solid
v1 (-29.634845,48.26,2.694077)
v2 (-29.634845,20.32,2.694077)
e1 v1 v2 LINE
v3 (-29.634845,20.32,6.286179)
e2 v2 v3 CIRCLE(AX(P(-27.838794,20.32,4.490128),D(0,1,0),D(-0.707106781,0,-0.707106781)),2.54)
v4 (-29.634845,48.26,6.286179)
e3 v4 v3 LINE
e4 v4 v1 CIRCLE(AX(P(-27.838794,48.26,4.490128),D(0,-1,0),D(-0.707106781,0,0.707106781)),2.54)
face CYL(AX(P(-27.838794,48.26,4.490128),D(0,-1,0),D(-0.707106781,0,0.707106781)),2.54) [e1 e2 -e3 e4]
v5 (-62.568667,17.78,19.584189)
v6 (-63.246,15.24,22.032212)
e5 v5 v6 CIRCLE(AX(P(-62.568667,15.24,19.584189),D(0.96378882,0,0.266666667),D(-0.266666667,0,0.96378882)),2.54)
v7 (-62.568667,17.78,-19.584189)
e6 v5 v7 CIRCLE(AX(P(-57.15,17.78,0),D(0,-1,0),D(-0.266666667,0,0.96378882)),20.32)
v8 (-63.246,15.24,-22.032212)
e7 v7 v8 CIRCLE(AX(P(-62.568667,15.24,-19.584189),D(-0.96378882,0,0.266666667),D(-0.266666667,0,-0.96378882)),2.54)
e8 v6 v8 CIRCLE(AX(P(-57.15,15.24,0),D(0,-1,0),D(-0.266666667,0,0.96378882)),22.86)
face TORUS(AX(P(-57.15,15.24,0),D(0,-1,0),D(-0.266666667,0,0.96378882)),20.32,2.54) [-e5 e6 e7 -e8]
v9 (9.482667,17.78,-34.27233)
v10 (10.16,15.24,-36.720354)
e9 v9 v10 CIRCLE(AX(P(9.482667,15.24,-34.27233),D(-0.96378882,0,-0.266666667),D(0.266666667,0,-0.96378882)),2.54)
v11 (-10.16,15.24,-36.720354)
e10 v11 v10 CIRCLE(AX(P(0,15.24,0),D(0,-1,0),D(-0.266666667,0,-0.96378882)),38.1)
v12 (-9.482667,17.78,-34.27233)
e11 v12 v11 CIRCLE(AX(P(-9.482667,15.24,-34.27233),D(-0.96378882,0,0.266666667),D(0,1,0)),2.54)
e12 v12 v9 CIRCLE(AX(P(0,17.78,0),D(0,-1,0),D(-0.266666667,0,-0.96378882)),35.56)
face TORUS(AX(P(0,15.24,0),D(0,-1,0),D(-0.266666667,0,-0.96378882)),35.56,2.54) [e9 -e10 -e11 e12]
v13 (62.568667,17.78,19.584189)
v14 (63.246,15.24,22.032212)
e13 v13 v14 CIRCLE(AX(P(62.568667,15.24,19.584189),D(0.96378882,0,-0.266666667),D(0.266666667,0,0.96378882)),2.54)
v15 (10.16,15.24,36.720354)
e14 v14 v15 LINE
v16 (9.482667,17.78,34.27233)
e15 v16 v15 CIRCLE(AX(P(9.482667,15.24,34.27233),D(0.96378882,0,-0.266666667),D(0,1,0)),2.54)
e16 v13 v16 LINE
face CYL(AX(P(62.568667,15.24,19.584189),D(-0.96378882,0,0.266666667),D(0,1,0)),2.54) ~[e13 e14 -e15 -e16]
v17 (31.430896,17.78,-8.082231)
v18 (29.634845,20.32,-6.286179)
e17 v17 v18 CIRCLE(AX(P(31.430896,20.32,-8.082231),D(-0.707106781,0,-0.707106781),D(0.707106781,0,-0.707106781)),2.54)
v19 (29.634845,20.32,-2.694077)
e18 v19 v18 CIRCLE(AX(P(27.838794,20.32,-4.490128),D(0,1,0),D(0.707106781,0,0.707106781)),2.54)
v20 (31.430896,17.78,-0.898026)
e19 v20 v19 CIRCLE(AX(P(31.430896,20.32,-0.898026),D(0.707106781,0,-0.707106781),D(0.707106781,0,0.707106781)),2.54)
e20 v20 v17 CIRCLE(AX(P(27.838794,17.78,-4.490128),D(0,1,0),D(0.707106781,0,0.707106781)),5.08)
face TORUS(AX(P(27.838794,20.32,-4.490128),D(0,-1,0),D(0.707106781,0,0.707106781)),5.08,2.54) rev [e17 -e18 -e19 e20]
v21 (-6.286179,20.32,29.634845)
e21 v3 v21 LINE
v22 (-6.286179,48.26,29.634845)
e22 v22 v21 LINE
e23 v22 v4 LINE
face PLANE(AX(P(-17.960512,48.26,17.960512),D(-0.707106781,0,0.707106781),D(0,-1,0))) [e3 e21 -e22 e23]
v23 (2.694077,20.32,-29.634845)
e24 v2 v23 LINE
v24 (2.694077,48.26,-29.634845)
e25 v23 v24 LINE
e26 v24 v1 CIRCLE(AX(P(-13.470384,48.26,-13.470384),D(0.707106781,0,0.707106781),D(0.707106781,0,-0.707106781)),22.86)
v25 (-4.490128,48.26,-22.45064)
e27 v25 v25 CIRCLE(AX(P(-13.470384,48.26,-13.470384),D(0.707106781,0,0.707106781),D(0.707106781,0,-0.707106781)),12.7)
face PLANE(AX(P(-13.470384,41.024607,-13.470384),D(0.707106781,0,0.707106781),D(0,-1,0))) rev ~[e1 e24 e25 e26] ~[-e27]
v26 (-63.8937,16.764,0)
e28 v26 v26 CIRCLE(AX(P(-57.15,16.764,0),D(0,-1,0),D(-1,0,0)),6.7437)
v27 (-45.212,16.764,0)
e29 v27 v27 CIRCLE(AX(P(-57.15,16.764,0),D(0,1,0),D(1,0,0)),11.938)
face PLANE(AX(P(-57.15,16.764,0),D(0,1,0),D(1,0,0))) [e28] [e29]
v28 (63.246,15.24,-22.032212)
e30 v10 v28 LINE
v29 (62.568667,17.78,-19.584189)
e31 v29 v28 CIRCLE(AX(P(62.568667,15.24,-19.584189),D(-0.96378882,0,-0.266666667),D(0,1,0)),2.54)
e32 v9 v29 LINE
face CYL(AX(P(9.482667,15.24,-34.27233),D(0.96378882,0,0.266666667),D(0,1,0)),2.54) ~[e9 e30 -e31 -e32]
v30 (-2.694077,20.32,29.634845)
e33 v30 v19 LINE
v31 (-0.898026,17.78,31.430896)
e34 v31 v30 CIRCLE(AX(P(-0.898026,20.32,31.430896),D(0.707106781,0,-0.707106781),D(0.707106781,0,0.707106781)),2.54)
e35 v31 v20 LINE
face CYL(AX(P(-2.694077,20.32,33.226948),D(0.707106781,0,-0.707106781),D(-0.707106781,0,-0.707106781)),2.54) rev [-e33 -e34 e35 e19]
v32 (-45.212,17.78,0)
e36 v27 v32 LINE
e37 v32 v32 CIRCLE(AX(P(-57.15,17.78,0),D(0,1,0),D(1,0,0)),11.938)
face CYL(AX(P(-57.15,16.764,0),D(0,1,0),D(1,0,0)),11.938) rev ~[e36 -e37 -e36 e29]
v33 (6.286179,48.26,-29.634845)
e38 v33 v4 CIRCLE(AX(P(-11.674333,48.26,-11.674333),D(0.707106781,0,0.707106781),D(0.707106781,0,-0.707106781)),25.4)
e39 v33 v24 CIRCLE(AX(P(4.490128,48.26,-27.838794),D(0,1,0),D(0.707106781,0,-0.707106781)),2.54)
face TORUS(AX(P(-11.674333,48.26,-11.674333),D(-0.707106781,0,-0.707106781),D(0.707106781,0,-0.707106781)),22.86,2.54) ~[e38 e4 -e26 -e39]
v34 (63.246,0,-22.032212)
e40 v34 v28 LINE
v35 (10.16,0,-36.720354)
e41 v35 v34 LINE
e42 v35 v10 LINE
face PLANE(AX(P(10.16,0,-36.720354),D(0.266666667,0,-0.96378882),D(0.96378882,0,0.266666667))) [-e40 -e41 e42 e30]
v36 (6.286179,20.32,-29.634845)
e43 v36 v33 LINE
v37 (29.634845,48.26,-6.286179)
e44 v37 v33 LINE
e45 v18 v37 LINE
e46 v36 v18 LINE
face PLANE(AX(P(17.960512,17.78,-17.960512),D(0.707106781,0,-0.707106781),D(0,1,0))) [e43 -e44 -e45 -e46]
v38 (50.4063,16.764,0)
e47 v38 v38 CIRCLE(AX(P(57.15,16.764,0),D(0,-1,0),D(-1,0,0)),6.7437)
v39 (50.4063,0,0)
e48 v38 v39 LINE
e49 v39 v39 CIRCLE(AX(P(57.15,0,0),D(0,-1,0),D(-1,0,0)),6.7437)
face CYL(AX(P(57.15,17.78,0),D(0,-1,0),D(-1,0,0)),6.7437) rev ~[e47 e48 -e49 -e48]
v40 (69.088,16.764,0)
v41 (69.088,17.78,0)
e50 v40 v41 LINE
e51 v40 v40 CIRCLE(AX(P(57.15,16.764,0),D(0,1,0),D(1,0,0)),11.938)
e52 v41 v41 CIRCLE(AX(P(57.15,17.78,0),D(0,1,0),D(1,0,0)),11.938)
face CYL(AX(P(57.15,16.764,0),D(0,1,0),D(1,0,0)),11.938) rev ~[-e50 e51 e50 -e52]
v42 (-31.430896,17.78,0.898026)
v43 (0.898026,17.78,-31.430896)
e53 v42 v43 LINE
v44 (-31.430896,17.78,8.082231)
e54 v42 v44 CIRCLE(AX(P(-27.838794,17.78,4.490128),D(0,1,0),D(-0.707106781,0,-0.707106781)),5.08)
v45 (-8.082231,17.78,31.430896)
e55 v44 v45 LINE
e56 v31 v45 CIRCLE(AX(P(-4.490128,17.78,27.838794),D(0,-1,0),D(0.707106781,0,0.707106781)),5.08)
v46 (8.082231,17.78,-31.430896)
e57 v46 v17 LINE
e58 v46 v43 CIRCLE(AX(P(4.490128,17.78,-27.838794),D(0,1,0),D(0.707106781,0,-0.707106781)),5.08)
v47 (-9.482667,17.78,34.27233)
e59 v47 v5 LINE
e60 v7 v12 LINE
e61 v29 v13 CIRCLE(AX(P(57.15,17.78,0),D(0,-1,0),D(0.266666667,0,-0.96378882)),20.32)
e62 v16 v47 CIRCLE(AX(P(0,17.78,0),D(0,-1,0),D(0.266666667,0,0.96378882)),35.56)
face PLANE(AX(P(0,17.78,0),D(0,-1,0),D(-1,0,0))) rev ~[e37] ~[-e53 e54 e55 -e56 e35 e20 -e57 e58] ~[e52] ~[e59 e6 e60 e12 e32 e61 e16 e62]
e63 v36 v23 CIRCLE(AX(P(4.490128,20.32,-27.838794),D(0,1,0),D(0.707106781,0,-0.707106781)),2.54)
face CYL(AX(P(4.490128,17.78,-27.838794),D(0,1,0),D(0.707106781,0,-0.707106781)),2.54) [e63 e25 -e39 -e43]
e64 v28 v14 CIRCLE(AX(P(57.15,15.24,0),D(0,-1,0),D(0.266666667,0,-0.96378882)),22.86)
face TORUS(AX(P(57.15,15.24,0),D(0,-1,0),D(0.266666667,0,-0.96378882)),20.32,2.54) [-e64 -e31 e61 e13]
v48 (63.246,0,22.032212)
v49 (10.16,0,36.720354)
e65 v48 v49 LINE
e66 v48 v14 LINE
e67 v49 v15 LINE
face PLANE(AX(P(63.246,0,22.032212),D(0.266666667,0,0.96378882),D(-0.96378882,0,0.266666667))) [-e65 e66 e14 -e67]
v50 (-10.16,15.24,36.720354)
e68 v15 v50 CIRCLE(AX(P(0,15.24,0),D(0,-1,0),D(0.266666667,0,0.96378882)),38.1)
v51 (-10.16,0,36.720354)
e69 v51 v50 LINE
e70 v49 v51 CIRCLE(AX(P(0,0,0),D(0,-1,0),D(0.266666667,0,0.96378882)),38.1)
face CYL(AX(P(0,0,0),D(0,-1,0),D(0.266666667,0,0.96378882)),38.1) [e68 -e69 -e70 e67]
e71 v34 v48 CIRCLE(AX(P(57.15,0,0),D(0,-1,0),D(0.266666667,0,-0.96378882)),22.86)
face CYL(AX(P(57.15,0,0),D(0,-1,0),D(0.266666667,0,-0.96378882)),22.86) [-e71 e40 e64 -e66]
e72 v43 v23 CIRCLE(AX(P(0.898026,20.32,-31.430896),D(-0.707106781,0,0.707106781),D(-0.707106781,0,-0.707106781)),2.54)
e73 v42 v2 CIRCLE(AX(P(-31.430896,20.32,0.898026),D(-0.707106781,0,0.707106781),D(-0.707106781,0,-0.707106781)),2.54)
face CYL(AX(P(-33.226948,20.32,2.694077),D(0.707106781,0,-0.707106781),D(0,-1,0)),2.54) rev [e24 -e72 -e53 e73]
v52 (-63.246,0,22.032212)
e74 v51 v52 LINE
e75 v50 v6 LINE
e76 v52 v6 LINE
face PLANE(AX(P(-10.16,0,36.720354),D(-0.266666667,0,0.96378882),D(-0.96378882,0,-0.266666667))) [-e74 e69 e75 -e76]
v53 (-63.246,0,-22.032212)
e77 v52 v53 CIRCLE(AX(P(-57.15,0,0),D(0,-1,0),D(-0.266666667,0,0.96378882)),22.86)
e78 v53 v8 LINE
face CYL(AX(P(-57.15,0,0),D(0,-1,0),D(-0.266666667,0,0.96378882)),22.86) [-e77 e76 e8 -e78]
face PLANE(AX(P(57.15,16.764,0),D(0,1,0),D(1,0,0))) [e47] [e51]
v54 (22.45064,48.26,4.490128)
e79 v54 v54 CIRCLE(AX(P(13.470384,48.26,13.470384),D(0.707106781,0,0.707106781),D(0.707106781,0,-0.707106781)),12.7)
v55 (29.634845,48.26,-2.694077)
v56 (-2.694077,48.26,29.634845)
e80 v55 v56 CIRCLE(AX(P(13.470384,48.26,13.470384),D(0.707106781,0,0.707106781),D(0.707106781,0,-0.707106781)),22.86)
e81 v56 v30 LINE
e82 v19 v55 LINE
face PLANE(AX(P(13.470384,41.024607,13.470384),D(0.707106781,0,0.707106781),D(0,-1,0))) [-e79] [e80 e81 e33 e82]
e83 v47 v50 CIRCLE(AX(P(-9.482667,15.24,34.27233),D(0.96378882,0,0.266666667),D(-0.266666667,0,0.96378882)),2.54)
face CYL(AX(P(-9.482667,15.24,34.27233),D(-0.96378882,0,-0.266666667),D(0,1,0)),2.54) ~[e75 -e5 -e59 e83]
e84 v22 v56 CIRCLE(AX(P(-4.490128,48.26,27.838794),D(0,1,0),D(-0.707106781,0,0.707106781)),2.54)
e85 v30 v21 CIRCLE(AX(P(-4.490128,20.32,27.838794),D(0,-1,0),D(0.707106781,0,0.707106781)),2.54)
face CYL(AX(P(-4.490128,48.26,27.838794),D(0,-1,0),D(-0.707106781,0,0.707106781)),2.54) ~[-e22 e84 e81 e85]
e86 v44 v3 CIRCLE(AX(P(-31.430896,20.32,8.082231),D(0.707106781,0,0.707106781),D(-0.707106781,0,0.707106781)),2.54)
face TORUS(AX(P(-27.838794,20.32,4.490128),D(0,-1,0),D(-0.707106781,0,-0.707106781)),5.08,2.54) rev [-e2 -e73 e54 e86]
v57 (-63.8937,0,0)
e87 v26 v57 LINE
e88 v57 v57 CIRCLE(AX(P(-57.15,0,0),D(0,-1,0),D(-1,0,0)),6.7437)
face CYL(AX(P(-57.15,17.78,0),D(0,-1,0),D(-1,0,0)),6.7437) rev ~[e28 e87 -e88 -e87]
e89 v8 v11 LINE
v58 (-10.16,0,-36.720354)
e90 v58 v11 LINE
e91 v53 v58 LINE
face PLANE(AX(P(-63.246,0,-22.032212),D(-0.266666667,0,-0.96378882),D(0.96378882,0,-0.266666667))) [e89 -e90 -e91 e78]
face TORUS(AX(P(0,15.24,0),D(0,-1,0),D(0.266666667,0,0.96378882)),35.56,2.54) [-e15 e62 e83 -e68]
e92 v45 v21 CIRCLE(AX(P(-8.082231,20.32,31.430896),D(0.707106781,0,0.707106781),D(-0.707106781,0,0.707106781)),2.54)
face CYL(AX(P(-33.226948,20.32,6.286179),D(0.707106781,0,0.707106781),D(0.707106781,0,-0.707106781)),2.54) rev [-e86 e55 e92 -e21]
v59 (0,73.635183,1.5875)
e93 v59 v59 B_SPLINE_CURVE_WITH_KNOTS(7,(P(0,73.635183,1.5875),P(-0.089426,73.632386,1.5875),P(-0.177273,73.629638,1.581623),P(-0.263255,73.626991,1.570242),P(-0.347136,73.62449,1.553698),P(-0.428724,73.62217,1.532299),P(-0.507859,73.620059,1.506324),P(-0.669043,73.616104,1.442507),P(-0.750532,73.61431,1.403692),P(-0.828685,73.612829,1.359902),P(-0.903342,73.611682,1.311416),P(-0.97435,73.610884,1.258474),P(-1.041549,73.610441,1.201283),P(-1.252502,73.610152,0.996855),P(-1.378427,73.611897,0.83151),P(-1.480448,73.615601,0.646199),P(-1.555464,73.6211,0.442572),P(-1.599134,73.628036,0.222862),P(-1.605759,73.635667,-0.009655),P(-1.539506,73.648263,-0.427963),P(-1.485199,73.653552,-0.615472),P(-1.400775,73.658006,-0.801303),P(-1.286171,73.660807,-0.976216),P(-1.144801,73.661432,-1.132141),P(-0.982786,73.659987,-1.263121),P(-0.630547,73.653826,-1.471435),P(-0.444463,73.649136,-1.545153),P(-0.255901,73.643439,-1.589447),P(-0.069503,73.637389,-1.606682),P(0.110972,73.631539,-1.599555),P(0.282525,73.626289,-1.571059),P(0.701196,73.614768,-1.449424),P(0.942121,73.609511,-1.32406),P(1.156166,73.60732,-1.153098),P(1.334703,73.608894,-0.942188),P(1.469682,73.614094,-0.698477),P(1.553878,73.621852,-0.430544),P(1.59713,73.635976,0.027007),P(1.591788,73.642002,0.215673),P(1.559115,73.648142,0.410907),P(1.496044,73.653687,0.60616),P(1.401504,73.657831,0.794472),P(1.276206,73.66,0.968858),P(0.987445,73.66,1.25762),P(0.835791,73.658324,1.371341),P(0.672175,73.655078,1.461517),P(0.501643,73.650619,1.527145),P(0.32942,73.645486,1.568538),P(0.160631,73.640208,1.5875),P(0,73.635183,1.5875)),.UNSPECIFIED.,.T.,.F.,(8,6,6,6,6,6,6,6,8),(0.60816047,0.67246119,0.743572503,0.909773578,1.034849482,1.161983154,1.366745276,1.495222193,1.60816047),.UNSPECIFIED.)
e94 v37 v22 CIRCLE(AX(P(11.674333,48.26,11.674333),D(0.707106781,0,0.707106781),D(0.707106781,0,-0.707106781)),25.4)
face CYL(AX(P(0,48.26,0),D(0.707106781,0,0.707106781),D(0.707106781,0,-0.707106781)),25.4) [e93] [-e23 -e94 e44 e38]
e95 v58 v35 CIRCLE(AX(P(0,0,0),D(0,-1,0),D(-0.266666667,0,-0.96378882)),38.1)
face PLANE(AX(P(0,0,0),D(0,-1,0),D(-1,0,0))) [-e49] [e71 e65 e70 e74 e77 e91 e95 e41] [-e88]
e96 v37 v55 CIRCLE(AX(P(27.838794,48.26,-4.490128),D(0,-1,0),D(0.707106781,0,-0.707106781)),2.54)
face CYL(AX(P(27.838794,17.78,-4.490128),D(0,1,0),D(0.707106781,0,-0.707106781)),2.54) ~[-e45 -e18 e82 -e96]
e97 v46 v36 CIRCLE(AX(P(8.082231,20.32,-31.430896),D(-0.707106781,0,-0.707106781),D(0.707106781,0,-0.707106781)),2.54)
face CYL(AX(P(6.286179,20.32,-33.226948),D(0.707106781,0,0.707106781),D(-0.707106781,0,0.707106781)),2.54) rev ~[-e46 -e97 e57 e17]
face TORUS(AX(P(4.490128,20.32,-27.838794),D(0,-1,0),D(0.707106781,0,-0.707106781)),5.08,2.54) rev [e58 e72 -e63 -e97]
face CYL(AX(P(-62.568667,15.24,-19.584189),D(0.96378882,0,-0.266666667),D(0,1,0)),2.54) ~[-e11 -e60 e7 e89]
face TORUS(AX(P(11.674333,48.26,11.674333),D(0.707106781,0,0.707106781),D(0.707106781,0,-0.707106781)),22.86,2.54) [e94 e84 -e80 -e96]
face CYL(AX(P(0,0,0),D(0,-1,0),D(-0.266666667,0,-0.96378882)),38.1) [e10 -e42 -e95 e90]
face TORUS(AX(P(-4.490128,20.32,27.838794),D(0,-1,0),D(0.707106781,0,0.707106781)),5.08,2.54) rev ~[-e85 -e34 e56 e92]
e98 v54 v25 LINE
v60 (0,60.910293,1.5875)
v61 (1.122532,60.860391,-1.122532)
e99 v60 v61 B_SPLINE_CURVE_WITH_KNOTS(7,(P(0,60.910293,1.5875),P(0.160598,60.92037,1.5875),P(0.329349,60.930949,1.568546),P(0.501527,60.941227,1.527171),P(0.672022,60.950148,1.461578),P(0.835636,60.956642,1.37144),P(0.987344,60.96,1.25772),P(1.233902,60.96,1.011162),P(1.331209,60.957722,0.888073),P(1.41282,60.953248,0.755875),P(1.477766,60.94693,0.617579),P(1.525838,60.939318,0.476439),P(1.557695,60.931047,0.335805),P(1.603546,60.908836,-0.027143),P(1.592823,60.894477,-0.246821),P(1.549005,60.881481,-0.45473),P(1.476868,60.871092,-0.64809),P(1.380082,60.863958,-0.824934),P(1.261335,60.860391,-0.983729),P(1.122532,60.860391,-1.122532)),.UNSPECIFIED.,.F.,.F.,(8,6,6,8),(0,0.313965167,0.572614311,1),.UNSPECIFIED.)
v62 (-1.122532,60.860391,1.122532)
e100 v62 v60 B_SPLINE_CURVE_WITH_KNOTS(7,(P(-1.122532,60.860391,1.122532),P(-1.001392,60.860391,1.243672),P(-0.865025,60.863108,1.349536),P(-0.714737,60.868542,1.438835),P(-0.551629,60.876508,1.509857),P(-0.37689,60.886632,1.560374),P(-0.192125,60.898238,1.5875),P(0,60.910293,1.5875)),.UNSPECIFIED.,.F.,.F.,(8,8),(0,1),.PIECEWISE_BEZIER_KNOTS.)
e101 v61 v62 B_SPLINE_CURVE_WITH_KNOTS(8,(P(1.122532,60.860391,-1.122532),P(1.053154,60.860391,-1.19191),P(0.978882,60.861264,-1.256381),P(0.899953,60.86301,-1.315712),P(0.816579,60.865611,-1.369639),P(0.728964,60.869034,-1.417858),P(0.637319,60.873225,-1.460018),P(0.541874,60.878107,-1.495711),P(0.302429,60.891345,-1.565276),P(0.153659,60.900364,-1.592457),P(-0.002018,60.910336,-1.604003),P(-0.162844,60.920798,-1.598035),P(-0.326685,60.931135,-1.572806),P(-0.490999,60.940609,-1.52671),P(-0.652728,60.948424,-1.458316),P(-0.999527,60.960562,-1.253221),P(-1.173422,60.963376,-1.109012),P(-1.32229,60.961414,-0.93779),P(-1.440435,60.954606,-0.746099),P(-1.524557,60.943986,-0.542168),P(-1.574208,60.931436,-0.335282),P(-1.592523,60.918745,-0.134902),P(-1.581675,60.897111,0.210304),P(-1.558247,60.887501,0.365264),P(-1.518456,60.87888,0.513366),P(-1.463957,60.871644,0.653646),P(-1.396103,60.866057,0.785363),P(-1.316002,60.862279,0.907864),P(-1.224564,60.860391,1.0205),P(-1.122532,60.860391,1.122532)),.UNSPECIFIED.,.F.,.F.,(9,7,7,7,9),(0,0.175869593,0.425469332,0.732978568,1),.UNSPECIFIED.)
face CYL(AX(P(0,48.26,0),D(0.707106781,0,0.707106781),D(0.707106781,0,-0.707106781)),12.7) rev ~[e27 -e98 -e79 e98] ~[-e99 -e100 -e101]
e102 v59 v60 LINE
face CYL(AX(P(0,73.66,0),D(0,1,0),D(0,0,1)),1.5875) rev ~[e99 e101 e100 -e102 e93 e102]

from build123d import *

# Parameters (mm, degrees)
BOSS_EXTRUDE1_DEPTH                                 = 17.78
CBORE_FOR_00_BINDING_HEAD_MACHINE_SCREW_D           = 13.4874
CBORE_FOR_00_BINDING_HEAD_MACHINE_SCREW_CBORE_D     = 23.876
CBORE_FOR_00_BINDING_HEAD_MACHINE_SCREW_CBORE_DEPTH = 1.016
SKETCH6_R                                           = 12.7
BOSS_EXTRUDE2_DEPTH                                 = 19.05
BOSS_EXTRUDE2_DEPTH_BACK                            = 19.05
F_1_8_0_125_DIAMETER_HOLE1_REACH                    = 117.235
F_1_8_0_125_DIAMETER_HOLE1_BORE_R                   = 1.5875
FILLET1_R                                           = 2.54


with BuildPart() as part:
    # Sketch1 → Boss-Extrude1 (new body)
    with BuildSketch(Plane(origin=(0, 0, 0), x_dir=(1, 0, 0), z_dir=(0, 1, 0))):
        with BuildLine():
            Line((-63.246, 22.032212417), (-10.16, 36.720354029))
            ThreePointArc((-10.16, 36.720354029), (0, 38.1), (10.16, 36.720354029))
            Line((10.16, 36.720354029), (63.246, 22.032212417))
            ThreePointArc((63.246, 22.032212417), (80.01, 0), (63.246, -22.032212417))
            Line((63.246, -22.032212417), (10.16, -36.720354029))
            ThreePointArc((10.16, -36.720354029), (0, -38.1), (-10.16, -36.720354029))
            Line((-10.16, -36.720354029), (-63.246, -22.032212417))
            ThreePointArc((-63.246, -22.032212417), (-80.01, 0), (-63.246, 22.032212417))
        make_face()
    extrude(amount=BOSS_EXTRUDE1_DEPTH)

    # CBORE for _00 Binding Head Machine Screw (through all)
    with Locations(Plane(origin=(0, 17.78, 0), x_dir=(1, 0, 0), z_dir=(0, 1, 0))):
        with Locations((57.15, 0), (-57.15, 0)):
            CounterBoreHole(CBORE_FOR_00_BINDING_HEAD_MACHINE_SCREW_D / 2, CBORE_FOR_00_BINDING_HEAD_MACHINE_SCREW_CBORE_D / 2, CBORE_FOR_00_BINDING_HEAD_MACHINE_SCREW_CBORE_DEPTH)

    # Sketch6 → Boss-Extrude2 (add, two sides)
    with BuildSketch(Plane(origin=(0, 0, 0), x_dir=(0, -1, 0), z_dir=(0.7071067811865464, 0, 0.7071067811865488))) as boss_extrude2_sk:
        with BuildLine():
            Line((-48.26, -25.4), (-17.78, -25.4))
            Line((-17.78, -25.4), (-17.78, 25.4))
            Line((-17.78, 25.4), (-48.26, 25.4))
            ThreePointArc((-48.26, 25.4), (-73.66, 0), (-48.26, -25.4))
        make_face()
        with Locations(Location((-48.26, 0, 0), (0, 0, 90))):
            Circle(SKETCH6_R, mode=Mode.SUBTRACT)
    extrude(amount=BOSS_EXTRUDE2_DEPTH)
    extrude(boss_extrude2_sk.sketch, amount=-BOSS_EXTRUDE2_DEPTH_BACK)

    # 1_8 _0.125_ Diameter Hole1 bore (on position points) → 1_8 _0.125_ Diameter Hole1 (cut, up to next)
    with BuildSketch(Plane.ZX.offset(73.66), mode=Mode.PRIVATE) as f_1_8_0_125_diameter_hole1_sk1:
        Circle(F_1_8_0_125_DIAMETER_HOLE1_BORE_R)
    f_1_8_0_125_diameter_hole1_tool1 = extrude(f_1_8_0_125_diameter_hole1_sk1.sketch, amount=-F_1_8_0_125_DIAMETER_HOLE1_REACH, mode=Mode.PRIVATE) & part.part
    add(f_1_8_0_125_diameter_hole1_tool1.solids().sort_by_distance((0, 73.66, 0))[0], mode=Mode.SUBTRACT)

    # Fillet1
    fillet1_edges = [part.edges().sort_by_distance(p)[0] for p in [
        (-80.01, 17.78, 0),
        (-36.703, 17.78, 29.376283223),
        (0, 17.78, 38.1),
        (36.703, 17.78, 29.376283223),
        (80.01, 17.78, 0),
        (36.703, 17.78, -29.376283223),
        (-13.470384182, 73.66, -13.470384182),
        (4.490128061, 33.02, -31.430896424),
        (0, 17.78, -38.1),
        (17.960512242, 17.78, -17.960512242),
        (-13.470384182, 17.78, -13.470384182),
        (-17.960512242, 17.78, 17.960512242),
        (-31.430896424, 33.02, 4.490128061),
        (13.470384182, 73.66, 13.470384182),
        (-4.490128061, 33.02, 31.430896424),
        (13.470384182, 17.78, 13.470384182),
        (31.430896424, 33.02, -4.490128061),
        (-36.703, 17.78, -29.376283223),
    ]]
    fillet(fillet1_edges, radius=FILLET1_R)


solid = part.part
